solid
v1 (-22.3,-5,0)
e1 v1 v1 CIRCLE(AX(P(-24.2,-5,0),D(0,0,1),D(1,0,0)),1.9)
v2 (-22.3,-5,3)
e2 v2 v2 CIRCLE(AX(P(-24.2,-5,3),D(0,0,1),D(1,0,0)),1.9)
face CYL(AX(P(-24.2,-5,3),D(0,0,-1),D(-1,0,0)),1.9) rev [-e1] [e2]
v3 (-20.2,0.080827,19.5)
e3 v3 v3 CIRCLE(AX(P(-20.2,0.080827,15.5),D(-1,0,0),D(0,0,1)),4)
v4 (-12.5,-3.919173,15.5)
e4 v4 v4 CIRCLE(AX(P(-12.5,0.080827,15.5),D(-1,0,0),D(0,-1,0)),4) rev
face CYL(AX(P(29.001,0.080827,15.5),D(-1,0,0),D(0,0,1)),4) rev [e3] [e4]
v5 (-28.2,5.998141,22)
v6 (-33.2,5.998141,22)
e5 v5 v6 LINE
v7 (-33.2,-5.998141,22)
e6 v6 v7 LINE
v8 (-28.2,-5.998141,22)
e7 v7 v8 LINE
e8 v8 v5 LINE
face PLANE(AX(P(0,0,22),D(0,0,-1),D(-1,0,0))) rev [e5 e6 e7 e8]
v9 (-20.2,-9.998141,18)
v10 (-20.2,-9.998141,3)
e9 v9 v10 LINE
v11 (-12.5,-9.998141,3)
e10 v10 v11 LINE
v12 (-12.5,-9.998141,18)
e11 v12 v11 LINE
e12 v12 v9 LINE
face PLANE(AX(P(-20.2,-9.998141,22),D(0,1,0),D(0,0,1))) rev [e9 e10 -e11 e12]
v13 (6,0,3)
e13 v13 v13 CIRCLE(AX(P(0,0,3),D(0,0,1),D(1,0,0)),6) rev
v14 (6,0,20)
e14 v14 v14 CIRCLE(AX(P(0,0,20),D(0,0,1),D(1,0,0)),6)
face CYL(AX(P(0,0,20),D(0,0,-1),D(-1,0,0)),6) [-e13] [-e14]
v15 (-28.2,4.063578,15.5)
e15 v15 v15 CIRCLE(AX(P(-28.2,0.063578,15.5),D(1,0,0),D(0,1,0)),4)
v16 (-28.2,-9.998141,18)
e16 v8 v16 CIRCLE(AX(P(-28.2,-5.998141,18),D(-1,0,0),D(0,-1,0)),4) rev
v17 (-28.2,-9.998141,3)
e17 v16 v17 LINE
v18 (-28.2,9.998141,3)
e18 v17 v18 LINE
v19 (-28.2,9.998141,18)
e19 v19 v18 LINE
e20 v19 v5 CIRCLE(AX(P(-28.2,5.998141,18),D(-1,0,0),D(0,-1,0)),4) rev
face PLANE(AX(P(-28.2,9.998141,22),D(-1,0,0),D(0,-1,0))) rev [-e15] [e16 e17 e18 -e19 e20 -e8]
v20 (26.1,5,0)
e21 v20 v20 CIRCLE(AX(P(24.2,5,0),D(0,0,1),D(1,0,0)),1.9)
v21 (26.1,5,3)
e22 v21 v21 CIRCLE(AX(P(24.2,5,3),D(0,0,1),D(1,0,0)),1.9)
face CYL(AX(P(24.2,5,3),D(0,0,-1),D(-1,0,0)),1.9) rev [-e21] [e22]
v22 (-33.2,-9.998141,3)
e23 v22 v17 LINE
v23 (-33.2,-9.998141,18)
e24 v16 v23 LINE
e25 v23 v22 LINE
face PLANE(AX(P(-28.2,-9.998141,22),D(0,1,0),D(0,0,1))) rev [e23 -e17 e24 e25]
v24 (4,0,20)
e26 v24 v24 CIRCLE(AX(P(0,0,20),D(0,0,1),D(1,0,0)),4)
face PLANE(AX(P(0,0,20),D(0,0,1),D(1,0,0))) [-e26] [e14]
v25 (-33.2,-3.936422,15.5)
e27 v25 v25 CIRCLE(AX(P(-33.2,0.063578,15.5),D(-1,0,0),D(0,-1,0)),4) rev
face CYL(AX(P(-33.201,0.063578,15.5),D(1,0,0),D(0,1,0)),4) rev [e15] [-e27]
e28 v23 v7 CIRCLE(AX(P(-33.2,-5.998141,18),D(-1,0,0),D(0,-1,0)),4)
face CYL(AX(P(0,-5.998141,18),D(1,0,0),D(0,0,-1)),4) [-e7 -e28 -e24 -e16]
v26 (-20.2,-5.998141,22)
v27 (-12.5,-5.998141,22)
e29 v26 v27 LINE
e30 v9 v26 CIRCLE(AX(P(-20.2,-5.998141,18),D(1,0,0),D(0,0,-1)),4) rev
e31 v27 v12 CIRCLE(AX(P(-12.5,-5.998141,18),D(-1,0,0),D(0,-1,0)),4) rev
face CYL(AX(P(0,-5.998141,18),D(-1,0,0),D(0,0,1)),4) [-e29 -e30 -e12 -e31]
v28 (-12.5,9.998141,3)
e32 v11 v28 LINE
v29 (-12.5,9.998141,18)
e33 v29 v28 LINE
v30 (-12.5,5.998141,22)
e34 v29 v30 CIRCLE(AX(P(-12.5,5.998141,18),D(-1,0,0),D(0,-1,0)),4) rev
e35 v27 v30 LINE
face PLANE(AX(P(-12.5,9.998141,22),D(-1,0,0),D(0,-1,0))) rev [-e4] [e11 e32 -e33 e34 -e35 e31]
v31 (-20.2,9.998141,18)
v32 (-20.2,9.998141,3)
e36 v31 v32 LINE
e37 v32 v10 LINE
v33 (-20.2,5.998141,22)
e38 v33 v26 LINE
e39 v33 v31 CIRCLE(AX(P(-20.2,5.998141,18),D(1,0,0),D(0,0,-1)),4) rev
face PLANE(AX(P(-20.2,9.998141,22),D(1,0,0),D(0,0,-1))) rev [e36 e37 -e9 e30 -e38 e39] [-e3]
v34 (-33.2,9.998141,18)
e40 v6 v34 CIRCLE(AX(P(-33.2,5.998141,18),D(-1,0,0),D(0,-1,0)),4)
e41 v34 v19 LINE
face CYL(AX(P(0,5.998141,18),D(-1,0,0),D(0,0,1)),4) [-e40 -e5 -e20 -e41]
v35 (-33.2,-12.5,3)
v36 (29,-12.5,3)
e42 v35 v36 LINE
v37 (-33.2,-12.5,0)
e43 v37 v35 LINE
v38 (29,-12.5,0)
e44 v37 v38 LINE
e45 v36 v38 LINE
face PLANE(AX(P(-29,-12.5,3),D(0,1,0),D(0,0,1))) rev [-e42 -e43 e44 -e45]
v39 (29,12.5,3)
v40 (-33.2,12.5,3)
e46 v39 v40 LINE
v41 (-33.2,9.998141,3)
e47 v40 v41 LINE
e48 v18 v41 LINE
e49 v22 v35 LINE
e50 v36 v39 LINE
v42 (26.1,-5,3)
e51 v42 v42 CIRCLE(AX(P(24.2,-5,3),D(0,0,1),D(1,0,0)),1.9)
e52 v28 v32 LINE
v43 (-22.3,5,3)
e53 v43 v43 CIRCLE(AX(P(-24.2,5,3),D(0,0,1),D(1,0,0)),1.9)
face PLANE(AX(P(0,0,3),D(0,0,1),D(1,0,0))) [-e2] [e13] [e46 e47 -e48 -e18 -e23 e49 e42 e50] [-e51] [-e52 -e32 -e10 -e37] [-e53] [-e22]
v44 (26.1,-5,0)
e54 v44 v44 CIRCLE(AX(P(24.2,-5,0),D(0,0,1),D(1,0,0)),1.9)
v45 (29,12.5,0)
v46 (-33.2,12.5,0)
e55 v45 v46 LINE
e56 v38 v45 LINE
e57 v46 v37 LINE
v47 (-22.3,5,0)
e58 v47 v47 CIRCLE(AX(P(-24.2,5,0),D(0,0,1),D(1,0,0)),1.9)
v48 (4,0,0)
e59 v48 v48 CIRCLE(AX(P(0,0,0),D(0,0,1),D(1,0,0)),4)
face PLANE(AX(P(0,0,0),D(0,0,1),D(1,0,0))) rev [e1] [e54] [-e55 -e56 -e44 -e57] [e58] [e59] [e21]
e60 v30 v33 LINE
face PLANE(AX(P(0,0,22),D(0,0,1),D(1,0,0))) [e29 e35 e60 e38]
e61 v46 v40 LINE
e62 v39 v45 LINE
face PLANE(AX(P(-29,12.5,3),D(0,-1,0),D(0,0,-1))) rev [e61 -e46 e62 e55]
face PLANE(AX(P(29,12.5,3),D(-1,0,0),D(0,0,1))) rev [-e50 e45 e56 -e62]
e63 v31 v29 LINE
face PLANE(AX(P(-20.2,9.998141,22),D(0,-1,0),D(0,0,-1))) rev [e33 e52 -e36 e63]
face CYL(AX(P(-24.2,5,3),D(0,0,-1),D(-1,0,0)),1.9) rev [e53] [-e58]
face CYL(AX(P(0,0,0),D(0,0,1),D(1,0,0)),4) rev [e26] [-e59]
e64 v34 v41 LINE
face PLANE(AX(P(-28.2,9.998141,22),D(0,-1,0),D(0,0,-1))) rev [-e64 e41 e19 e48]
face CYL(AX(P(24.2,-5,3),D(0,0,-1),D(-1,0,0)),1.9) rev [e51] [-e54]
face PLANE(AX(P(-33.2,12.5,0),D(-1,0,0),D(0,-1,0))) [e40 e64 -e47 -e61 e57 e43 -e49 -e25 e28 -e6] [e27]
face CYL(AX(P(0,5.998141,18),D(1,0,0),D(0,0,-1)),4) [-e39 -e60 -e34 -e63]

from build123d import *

# Parameters (mm, degrees)
SKETCH1_W           = 58
SKETCH1_H           = 25
SKETCH1_R           = 1.9
BOSS_EXTRUDE1_DEPTH = 3
SKETCH2_R           = 6
BOSS_EXTRUDE2_DEPTH = 20
SKETCH3_R           = 4
CUT_EXTRUDE1_DEPTH  = 38.379807383
SKETCH4_W           = 7.7
SKETCH4_H           = 19.996282454
BOSS_EXTRUDE3_DEPTH = 19
CUT_EXTRUDE2_REACH  = 57.325
SKETCH5_R           = 4
FILLET1_R           = 4
SKETCH7_W           = 4.2
SKETCH7_H           = 25
BOSS_EXTRUDE4_DEPTH = 3
SKETCH8_W           = 5
SKETCH8_H           = 19.996282454
BOSS_EXTRUDE5_DEPTH = 19
CUT_EXTRUDE3_REACH  = 64.547
SKETCH9_R           = 4
FILLET2_R           = 4


with BuildPart() as part:
    # Sketch1 → Boss-Extrude1 (new body)
    with BuildSketch(Plane.XY):
        Rectangle(SKETCH1_W, SKETCH1_H)
        with Locations((24.2, 5)):
            Circle(SKETCH1_R, mode=Mode.SUBTRACT)
        with Locations((24.2, -5)):
            Circle(SKETCH1_R, mode=Mode.SUBTRACT)
        with Locations((-24.2, 5)):
            Circle(SKETCH1_R, mode=Mode.SUBTRACT)
        with Locations((-24.2, -5)):
            Circle(SKETCH1_R, mode=Mode.SUBTRACT)
    extrude(amount=BOSS_EXTRUDE1_DEPTH)

    # Sketch2 → Boss-Extrude2 (add)
    with BuildSketch(Plane.XY):
        Circle(SKETCH2_R)
    extrude(amount=BOSS_EXTRUDE2_DEPTH)

    # Sketch3 → Cut-Extrude1 (cut, through all)
    with BuildSketch(Plane.XY.offset(20)):
        Circle(SKETCH3_R)
    extrude(amount=-CUT_EXTRUDE1_DEPTH, mode=Mode.SUBTRACT)

    # Sketch4 → Boss-Extrude3 (add)
    with BuildSketch(Plane.XY.offset(3)):
        with Locations((-16.35, 0)):
            Rectangle(SKETCH4_W, SKETCH4_H)
    extrude(amount=BOSS_EXTRUDE3_DEPTH)

    # Sketch5 → Cut-Extrude2 (cut, up to next)
    with BuildSketch(Plane.ZY.offset(20.2), mode=Mode.PRIVATE) as cut_extrude2_sk1:
        with Locations((15.5, 0.080826905)):
            Circle(SKETCH5_R)
    cut_extrude2_tool1 = extrude(cut_extrude2_sk1.sketch, amount=-CUT_EXTRUDE2_REACH, mode=Mode.PRIVATE) & part.part
    add(cut_extrude2_tool1.solids().sort_by_distance((-20.2, 0.080827, 15.5))[0], mode=Mode.SUBTRACT)

    # Fillet1
    fillet1_edges = [part.edges().sort_by_distance(p)[0] for p in [
        (-16.35, 9.998141227, 22),
        (-16.35, -9.998141227, 22),
    ]]
    fillet(fillet1_edges, radius=FILLET1_R)

    # Sketch7 → Boss-Extrude4 (add)
    with BuildSketch(Plane.XY.offset(3)):
        with Locations((-31.1, 0)):
            Rectangle(SKETCH7_W, SKETCH7_H)
    extrude(amount=-BOSS_EXTRUDE4_DEPTH)

    # Sketch8 → Boss-Extrude5 (add)
    with BuildSketch(Plane.XY.offset(3)):
        with Locations((-30.7, 0)):
            Rectangle(SKETCH8_W, SKETCH8_H)
    extrude(amount=BOSS_EXTRUDE5_DEPTH)

    # Sketch9 → Cut-Extrude3 (cut, up to next)
    with BuildSketch(Plane(origin=(-28.2, 0, 0), x_dir=(0, 0, -1), z_dir=(1, 0, 0)), mode=Mode.PRIVATE) as cut_extrude3_sk1:
        with Locations(Location((-15.5, 0.063578072, 0), (0, 0, 90))):
            Circle(SKETCH9_R)
    cut_extrude3_tool1 = extrude(cut_extrude3_sk1.sketch, amount=-CUT_EXTRUDE3_REACH, mode=Mode.PRIVATE) & part.part
    add(cut_extrude3_tool1.solids().sort_by_distance((-28.2, 0.063578, 15.5))[0], mode=Mode.SUBTRACT)

    # Fillet2
    fillet2_edges = [part.edges().sort_by_distance(p)[0] for p in [
        (-30.7, 9.998141227, 22),
        (-30.7, -9.998141227, 22),
    ]]
    fillet(fillet2_edges, radius=FILLET2_R)


solid = part.part
